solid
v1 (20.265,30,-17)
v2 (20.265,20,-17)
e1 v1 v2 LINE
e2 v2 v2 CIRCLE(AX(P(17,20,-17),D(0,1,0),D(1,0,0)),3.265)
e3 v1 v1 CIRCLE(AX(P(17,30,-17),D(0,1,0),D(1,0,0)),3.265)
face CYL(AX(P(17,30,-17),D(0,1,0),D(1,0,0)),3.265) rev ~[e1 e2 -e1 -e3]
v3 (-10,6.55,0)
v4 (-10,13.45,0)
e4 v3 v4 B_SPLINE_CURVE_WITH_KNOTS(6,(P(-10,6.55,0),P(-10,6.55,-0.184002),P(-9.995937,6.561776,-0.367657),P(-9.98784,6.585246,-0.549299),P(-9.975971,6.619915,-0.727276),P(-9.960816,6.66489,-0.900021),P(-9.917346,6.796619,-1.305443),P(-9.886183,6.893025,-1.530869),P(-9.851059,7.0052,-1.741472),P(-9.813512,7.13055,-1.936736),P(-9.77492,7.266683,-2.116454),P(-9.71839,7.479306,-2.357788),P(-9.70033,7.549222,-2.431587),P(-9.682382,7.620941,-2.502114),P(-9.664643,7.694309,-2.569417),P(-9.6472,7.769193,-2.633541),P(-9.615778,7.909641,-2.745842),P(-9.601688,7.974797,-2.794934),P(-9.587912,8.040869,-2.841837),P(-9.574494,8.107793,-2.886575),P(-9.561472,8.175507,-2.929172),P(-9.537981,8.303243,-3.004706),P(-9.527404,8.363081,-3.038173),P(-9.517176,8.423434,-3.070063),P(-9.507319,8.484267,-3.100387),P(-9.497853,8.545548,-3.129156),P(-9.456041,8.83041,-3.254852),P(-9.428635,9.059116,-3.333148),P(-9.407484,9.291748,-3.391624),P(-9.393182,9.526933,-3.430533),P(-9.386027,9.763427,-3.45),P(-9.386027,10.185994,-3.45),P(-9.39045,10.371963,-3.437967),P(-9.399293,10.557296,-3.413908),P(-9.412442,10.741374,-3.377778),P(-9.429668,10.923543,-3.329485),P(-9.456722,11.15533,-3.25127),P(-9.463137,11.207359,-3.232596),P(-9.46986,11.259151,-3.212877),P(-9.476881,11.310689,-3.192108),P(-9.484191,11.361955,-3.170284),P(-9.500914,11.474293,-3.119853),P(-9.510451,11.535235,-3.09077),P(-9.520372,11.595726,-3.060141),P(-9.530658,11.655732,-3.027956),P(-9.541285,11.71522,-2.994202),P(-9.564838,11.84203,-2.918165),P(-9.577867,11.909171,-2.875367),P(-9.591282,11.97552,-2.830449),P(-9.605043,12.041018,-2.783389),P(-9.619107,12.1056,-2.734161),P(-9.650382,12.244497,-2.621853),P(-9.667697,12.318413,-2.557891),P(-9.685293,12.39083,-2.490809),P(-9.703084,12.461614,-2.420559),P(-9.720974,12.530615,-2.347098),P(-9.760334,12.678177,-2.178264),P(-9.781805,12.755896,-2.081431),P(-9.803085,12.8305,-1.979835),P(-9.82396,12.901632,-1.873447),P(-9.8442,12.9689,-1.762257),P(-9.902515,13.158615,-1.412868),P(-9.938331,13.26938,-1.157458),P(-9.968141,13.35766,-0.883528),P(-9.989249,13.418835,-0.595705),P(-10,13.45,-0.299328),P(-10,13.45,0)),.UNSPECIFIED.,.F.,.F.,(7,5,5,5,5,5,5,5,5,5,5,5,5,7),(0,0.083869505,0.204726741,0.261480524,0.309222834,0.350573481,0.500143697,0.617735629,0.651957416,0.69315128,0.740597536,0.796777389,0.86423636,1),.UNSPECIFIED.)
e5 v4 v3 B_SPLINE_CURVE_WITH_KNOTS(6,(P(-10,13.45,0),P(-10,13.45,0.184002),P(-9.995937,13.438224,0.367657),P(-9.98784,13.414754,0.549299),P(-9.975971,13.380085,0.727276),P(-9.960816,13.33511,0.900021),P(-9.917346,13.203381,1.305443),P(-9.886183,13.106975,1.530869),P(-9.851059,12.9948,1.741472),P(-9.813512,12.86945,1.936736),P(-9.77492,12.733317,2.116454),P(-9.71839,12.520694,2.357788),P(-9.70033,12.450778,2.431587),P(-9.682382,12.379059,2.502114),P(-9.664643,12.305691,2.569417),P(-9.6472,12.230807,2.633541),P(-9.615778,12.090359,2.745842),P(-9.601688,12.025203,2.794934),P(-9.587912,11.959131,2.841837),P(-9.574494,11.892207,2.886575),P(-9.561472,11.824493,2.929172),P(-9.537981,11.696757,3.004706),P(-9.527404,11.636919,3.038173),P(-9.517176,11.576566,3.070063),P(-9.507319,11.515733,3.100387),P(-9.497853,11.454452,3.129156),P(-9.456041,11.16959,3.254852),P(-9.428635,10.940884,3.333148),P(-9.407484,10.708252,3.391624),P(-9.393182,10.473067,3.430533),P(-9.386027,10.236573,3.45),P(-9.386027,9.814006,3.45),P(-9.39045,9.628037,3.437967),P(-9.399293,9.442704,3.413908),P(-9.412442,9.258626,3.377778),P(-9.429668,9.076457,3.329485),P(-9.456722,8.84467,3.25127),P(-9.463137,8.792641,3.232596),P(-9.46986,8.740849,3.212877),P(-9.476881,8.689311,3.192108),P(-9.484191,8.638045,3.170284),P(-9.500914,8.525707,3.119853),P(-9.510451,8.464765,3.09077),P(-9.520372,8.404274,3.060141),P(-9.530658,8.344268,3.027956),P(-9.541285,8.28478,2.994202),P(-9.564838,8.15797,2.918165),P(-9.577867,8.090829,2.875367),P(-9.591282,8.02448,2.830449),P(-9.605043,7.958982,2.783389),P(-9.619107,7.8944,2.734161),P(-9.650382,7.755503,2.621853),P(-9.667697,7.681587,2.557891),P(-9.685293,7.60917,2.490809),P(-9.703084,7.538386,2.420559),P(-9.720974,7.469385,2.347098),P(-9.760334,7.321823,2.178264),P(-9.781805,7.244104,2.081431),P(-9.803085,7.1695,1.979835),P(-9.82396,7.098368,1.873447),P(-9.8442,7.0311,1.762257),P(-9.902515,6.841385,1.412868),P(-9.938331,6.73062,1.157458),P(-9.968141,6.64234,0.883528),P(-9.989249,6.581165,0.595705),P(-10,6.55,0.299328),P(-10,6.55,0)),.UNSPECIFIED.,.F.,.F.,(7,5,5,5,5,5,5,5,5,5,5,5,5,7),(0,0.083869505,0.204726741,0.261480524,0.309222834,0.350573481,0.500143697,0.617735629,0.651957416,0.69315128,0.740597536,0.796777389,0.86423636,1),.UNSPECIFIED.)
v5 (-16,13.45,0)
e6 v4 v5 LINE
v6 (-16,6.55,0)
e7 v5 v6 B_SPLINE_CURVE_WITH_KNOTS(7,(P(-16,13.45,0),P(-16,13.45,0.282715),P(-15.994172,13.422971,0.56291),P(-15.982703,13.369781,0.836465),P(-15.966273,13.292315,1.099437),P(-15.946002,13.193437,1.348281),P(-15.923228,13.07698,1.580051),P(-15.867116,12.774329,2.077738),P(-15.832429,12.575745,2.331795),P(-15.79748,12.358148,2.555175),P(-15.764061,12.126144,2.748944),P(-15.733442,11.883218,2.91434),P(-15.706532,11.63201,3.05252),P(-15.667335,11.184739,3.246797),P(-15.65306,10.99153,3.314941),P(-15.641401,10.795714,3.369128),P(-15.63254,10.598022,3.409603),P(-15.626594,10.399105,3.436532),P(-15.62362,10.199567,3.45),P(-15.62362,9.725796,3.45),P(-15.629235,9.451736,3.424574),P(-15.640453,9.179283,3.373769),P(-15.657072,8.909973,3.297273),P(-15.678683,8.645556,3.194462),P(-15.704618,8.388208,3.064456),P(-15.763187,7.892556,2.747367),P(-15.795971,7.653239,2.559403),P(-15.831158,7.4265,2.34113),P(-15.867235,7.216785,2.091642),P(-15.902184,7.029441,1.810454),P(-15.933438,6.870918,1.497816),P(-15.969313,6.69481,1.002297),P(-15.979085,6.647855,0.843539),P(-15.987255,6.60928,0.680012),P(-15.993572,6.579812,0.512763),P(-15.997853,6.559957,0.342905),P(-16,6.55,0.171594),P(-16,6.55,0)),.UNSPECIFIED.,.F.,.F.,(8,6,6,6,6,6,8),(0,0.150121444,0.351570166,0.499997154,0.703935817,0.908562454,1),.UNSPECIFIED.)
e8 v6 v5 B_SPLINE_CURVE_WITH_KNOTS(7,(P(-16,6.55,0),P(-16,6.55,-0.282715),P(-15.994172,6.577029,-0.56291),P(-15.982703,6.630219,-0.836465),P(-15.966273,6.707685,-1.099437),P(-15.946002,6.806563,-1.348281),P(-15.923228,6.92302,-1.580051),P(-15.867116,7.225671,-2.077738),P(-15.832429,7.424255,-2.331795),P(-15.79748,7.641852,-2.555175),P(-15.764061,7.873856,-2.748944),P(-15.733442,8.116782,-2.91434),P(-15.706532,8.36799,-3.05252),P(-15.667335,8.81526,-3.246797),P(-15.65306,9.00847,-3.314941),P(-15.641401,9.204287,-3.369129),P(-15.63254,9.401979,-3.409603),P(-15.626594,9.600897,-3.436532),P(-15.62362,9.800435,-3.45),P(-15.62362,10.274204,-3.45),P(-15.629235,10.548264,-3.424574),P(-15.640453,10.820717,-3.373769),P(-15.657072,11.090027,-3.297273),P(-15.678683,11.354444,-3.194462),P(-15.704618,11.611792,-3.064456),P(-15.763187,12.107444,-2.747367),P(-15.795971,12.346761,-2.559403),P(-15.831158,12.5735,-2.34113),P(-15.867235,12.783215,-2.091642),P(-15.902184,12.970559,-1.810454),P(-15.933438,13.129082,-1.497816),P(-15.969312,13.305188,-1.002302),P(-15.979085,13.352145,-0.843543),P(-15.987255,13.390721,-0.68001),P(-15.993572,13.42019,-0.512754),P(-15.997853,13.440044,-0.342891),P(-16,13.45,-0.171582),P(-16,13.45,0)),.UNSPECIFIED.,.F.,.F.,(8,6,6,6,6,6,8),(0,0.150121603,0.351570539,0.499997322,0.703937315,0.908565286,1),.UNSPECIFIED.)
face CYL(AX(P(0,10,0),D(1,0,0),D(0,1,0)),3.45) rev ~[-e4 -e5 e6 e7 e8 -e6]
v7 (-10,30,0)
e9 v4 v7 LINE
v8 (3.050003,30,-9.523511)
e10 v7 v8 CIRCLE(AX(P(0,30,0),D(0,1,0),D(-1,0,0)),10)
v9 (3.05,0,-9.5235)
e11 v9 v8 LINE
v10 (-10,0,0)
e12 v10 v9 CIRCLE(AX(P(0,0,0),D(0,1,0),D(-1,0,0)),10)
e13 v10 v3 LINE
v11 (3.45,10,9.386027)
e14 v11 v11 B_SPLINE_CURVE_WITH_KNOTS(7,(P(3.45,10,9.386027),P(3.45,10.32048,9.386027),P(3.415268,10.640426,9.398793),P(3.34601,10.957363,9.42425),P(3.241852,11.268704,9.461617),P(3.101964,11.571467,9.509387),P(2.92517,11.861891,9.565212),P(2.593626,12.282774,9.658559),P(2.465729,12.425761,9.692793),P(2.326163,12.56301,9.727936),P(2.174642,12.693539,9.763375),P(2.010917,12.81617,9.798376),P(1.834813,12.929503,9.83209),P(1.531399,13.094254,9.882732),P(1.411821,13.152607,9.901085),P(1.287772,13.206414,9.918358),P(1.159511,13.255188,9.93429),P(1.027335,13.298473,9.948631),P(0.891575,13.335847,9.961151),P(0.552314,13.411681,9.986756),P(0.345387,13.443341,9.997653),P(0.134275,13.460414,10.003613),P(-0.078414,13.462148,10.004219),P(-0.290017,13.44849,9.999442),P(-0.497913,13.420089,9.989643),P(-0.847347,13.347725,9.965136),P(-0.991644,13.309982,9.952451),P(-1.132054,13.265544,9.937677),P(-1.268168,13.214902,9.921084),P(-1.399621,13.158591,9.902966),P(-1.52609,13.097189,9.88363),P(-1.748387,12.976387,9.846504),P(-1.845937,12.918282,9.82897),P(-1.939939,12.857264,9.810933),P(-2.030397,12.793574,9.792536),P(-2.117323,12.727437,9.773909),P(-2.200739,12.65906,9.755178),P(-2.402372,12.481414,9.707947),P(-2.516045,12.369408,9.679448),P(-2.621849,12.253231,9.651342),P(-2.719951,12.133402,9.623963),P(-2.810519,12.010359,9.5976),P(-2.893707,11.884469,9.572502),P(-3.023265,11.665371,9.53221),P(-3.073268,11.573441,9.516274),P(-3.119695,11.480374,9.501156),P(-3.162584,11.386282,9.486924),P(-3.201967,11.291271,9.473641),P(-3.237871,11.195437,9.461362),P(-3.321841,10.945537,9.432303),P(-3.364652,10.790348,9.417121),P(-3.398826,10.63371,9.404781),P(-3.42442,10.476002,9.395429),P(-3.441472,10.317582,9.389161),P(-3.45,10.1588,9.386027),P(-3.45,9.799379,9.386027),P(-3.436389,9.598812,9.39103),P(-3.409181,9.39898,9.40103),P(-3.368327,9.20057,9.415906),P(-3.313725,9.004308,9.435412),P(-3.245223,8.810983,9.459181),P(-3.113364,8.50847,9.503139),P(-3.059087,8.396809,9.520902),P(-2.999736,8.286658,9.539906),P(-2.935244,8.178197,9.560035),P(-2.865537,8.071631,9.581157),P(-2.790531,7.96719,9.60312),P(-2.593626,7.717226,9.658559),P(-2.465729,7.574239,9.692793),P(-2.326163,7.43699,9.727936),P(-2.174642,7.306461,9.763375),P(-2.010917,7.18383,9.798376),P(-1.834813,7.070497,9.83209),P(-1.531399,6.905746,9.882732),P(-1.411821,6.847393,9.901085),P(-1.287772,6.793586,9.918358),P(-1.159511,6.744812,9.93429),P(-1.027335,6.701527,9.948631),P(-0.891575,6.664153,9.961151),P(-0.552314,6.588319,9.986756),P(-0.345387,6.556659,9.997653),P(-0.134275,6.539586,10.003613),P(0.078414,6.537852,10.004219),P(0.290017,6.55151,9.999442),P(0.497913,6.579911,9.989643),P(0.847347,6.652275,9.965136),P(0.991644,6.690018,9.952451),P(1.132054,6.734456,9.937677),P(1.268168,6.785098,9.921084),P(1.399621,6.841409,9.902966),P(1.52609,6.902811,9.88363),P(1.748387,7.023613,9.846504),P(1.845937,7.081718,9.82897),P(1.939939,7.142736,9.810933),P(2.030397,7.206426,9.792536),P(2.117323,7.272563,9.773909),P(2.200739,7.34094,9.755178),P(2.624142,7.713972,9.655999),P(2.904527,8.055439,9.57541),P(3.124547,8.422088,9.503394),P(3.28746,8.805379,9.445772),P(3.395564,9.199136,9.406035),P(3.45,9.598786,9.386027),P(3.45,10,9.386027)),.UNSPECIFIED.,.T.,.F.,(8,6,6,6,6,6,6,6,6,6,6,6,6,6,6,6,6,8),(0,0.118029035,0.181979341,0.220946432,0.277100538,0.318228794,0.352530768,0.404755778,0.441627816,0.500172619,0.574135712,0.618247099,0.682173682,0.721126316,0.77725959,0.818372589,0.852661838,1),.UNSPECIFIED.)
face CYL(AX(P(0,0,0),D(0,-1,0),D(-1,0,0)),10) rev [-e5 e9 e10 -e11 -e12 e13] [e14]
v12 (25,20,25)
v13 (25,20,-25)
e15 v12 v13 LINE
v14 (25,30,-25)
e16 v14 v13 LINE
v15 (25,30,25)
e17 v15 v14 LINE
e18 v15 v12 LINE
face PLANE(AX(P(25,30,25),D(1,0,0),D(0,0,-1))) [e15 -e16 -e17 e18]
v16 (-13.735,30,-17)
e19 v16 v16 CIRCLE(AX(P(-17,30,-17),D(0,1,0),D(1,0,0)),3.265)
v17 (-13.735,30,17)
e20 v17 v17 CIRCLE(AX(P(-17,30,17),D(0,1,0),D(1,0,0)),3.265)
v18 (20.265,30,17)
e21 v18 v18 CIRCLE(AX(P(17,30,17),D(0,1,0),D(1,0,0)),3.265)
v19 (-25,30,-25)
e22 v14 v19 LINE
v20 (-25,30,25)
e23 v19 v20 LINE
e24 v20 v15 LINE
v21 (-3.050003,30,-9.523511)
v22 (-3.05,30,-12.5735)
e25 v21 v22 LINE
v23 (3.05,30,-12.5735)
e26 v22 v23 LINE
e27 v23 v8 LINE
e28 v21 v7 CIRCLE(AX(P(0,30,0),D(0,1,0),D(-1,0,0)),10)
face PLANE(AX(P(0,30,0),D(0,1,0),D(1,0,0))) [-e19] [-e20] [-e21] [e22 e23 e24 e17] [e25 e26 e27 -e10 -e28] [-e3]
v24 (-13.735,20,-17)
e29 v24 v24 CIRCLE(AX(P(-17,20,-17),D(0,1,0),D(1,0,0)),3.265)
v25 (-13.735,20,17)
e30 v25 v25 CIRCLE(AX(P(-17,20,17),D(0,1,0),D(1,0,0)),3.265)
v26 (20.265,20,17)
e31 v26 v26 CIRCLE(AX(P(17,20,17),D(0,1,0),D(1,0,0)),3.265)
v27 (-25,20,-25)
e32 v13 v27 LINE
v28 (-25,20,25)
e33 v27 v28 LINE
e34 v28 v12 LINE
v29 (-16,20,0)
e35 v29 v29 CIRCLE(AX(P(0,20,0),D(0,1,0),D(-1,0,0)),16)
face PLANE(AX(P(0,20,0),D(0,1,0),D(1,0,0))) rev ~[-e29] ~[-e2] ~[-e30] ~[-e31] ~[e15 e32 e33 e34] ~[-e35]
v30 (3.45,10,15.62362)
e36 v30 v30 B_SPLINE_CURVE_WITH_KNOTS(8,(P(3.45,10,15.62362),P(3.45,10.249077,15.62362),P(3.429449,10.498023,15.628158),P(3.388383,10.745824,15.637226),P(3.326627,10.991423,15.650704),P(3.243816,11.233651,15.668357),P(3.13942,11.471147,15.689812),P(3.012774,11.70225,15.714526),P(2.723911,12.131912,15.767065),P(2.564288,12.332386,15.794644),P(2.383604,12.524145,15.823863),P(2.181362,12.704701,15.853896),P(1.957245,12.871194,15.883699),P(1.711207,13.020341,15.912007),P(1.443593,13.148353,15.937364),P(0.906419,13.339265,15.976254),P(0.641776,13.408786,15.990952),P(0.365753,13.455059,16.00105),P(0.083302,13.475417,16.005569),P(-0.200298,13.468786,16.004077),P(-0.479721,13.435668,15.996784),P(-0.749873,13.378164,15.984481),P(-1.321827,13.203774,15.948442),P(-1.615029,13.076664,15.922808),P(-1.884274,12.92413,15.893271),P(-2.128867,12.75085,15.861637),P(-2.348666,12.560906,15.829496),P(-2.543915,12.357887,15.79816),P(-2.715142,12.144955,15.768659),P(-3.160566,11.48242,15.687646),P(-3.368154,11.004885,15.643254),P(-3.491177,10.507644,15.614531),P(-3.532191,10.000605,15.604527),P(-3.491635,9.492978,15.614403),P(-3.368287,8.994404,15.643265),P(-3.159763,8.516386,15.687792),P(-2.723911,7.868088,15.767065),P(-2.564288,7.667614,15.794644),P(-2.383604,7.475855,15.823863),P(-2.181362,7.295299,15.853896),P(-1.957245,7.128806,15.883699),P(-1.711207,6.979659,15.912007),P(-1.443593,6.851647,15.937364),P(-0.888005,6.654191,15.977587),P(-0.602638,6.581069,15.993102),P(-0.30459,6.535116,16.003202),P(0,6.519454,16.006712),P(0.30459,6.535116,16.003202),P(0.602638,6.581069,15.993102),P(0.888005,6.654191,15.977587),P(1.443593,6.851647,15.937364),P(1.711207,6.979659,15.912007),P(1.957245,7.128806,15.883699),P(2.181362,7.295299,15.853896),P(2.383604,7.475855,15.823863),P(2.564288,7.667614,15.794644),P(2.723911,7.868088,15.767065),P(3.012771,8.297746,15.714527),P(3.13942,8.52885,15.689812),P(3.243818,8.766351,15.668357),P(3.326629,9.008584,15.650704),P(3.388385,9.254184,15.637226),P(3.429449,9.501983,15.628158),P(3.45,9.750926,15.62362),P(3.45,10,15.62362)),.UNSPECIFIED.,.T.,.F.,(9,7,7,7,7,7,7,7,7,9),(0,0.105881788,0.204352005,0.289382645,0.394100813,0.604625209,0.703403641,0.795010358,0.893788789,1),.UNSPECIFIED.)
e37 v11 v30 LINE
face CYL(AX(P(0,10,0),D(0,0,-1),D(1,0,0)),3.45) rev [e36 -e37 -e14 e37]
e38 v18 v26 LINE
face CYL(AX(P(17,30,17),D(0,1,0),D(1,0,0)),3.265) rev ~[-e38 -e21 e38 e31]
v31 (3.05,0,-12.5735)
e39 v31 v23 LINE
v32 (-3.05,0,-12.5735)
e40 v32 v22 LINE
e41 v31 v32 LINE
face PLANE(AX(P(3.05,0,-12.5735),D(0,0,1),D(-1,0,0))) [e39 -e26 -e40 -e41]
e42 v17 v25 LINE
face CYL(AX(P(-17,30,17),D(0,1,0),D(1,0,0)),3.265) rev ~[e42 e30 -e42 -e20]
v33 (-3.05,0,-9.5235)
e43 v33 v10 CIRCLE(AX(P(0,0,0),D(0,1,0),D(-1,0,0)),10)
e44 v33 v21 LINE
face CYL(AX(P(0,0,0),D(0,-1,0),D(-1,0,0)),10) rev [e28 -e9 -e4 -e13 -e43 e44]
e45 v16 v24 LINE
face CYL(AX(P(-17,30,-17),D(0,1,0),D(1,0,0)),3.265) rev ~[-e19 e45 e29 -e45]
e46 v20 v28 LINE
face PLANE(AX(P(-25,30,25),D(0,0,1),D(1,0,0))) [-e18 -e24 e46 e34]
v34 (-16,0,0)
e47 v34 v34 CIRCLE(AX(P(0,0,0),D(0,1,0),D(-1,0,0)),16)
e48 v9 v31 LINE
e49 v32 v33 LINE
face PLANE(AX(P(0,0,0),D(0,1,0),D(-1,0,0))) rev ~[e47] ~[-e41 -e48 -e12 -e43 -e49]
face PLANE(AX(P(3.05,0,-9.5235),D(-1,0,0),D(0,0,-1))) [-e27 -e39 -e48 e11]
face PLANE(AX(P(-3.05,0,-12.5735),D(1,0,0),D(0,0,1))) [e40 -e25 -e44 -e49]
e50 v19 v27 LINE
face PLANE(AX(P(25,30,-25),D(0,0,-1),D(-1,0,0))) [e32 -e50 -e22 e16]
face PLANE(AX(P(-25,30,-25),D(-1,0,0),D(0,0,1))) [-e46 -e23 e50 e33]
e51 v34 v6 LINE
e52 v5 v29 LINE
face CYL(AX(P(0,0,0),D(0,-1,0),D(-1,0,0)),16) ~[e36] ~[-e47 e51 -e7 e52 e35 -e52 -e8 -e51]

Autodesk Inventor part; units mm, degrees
ref_plane "YZ Plane" through (0, 0, 0) normal (1, 0, 0) x (0, 1, 0)
ref_plane "XZ Plane" through (0, 0, 0) normal (0, 1, 0) x (-1, 0, 0)
ref_plane "XY Plane" through (0, 0, 0) normal (0, 0, 1) x (1, 0, 0)
sketch "Sketch1" plane through (0, 0, 0) normal (0, 1, 0) x (-1, 0, 0)
  circle A0 centre (0, 0) radius 10
  circle A1 centre (0, 0) radius 16
  dimension "d0" = 20
  dimension "d1" = 32
extrude "Extrusion1" add sketch "Sketch1" along normal blind 30
sketch "Sketch4" plane through (0, 0, 0) normal (0, 0, 1) x (1, 0, 0)
  circle A0 centre (0, 10) radius 3.45
  line L0 (-16, 0) -> (16, 0) projected
  point P0 (0, 0)
  dimension "d13" = 6.9
  dimension "d14" = 10
extrude "Extrusion4" cut sketch "Sketch4" along normal blind 30
sketch "Sketch5" plane through (0, 0, 0) normal (1, 0, 0) x (0, 1, 0)
  circle A0 centre (10, 0) radius 3.45
  line L0 (0, 16) -> (0, -16) projected
  point P0 (0, 0)
  dimension "d17" = 6.9
  dimension "d18" = 10
extrude "Extrusion5" cut sketch "Sketch5" against normal blind 30
sketch "Sketch6" plane through (0, 0, 0) normal (0, -1, 0) x (1, 0, 0)
  line L0 (-3.05, -9.5235) -> (3.05, -9.5235)
  line L1 (3.05, -9.5235) -> (3.05, -12.5735)
  line L2 (3.05, -12.5735) -> (-3.05, -12.5735)
  line L3 (-3.05, -12.5735) -> (-3.05, -9.5235)
  circle A0 centre (0, 0) radius 10 projected
  dimension "d21" = 6.1
  dimension "d22" = 3.05
extrude "Extrusion6" cut sketch "Sketch6" against normal through all contours A0 L1 L2 L3 | L0 A0 picked at (0.3438, -9.6646)
sketch "Sketch9" plane through (0, 30, 0) normal (0, 1, 0) x (1, 0, 0)
  line L0 (-25, -25) -> (25, -25)
  line L1 (25, -25) -> (25, 25)
  line L2 (25, 25) -> (-25, 25)
  line L3 (-25, 25) -> (-25, -25)
  circle A0 centre (-17, -17) radius 3.265
  circle A1 centre (-17, 17) radius 3.265
  circle A2 centre (17, -17) radius 3.265
  circle A3 centre (17, 17) radius 3.265
  circle A4 centre (0, 0) radius 16
  dimension "d25" = 50
  dimension "d26" = 50
  dimension "d27" = 25
  dimension "d28" = 25
  dimension "d29" = 6.53
  dimension "d30" = 8
  dimension "d31" = 8
  dimension "d32" = 8
  dimension "d33" = 8
  dimension "d35" = 8
  dimension "d36" = 8
  dimension "d37" = 8
  dimension "d38" = 8
extrude "Extrusion7" add sketch "Sketch9" against normal blind 10
properties part number "1225a_Pinion Collar_V1" material "Aluminum 6061"
